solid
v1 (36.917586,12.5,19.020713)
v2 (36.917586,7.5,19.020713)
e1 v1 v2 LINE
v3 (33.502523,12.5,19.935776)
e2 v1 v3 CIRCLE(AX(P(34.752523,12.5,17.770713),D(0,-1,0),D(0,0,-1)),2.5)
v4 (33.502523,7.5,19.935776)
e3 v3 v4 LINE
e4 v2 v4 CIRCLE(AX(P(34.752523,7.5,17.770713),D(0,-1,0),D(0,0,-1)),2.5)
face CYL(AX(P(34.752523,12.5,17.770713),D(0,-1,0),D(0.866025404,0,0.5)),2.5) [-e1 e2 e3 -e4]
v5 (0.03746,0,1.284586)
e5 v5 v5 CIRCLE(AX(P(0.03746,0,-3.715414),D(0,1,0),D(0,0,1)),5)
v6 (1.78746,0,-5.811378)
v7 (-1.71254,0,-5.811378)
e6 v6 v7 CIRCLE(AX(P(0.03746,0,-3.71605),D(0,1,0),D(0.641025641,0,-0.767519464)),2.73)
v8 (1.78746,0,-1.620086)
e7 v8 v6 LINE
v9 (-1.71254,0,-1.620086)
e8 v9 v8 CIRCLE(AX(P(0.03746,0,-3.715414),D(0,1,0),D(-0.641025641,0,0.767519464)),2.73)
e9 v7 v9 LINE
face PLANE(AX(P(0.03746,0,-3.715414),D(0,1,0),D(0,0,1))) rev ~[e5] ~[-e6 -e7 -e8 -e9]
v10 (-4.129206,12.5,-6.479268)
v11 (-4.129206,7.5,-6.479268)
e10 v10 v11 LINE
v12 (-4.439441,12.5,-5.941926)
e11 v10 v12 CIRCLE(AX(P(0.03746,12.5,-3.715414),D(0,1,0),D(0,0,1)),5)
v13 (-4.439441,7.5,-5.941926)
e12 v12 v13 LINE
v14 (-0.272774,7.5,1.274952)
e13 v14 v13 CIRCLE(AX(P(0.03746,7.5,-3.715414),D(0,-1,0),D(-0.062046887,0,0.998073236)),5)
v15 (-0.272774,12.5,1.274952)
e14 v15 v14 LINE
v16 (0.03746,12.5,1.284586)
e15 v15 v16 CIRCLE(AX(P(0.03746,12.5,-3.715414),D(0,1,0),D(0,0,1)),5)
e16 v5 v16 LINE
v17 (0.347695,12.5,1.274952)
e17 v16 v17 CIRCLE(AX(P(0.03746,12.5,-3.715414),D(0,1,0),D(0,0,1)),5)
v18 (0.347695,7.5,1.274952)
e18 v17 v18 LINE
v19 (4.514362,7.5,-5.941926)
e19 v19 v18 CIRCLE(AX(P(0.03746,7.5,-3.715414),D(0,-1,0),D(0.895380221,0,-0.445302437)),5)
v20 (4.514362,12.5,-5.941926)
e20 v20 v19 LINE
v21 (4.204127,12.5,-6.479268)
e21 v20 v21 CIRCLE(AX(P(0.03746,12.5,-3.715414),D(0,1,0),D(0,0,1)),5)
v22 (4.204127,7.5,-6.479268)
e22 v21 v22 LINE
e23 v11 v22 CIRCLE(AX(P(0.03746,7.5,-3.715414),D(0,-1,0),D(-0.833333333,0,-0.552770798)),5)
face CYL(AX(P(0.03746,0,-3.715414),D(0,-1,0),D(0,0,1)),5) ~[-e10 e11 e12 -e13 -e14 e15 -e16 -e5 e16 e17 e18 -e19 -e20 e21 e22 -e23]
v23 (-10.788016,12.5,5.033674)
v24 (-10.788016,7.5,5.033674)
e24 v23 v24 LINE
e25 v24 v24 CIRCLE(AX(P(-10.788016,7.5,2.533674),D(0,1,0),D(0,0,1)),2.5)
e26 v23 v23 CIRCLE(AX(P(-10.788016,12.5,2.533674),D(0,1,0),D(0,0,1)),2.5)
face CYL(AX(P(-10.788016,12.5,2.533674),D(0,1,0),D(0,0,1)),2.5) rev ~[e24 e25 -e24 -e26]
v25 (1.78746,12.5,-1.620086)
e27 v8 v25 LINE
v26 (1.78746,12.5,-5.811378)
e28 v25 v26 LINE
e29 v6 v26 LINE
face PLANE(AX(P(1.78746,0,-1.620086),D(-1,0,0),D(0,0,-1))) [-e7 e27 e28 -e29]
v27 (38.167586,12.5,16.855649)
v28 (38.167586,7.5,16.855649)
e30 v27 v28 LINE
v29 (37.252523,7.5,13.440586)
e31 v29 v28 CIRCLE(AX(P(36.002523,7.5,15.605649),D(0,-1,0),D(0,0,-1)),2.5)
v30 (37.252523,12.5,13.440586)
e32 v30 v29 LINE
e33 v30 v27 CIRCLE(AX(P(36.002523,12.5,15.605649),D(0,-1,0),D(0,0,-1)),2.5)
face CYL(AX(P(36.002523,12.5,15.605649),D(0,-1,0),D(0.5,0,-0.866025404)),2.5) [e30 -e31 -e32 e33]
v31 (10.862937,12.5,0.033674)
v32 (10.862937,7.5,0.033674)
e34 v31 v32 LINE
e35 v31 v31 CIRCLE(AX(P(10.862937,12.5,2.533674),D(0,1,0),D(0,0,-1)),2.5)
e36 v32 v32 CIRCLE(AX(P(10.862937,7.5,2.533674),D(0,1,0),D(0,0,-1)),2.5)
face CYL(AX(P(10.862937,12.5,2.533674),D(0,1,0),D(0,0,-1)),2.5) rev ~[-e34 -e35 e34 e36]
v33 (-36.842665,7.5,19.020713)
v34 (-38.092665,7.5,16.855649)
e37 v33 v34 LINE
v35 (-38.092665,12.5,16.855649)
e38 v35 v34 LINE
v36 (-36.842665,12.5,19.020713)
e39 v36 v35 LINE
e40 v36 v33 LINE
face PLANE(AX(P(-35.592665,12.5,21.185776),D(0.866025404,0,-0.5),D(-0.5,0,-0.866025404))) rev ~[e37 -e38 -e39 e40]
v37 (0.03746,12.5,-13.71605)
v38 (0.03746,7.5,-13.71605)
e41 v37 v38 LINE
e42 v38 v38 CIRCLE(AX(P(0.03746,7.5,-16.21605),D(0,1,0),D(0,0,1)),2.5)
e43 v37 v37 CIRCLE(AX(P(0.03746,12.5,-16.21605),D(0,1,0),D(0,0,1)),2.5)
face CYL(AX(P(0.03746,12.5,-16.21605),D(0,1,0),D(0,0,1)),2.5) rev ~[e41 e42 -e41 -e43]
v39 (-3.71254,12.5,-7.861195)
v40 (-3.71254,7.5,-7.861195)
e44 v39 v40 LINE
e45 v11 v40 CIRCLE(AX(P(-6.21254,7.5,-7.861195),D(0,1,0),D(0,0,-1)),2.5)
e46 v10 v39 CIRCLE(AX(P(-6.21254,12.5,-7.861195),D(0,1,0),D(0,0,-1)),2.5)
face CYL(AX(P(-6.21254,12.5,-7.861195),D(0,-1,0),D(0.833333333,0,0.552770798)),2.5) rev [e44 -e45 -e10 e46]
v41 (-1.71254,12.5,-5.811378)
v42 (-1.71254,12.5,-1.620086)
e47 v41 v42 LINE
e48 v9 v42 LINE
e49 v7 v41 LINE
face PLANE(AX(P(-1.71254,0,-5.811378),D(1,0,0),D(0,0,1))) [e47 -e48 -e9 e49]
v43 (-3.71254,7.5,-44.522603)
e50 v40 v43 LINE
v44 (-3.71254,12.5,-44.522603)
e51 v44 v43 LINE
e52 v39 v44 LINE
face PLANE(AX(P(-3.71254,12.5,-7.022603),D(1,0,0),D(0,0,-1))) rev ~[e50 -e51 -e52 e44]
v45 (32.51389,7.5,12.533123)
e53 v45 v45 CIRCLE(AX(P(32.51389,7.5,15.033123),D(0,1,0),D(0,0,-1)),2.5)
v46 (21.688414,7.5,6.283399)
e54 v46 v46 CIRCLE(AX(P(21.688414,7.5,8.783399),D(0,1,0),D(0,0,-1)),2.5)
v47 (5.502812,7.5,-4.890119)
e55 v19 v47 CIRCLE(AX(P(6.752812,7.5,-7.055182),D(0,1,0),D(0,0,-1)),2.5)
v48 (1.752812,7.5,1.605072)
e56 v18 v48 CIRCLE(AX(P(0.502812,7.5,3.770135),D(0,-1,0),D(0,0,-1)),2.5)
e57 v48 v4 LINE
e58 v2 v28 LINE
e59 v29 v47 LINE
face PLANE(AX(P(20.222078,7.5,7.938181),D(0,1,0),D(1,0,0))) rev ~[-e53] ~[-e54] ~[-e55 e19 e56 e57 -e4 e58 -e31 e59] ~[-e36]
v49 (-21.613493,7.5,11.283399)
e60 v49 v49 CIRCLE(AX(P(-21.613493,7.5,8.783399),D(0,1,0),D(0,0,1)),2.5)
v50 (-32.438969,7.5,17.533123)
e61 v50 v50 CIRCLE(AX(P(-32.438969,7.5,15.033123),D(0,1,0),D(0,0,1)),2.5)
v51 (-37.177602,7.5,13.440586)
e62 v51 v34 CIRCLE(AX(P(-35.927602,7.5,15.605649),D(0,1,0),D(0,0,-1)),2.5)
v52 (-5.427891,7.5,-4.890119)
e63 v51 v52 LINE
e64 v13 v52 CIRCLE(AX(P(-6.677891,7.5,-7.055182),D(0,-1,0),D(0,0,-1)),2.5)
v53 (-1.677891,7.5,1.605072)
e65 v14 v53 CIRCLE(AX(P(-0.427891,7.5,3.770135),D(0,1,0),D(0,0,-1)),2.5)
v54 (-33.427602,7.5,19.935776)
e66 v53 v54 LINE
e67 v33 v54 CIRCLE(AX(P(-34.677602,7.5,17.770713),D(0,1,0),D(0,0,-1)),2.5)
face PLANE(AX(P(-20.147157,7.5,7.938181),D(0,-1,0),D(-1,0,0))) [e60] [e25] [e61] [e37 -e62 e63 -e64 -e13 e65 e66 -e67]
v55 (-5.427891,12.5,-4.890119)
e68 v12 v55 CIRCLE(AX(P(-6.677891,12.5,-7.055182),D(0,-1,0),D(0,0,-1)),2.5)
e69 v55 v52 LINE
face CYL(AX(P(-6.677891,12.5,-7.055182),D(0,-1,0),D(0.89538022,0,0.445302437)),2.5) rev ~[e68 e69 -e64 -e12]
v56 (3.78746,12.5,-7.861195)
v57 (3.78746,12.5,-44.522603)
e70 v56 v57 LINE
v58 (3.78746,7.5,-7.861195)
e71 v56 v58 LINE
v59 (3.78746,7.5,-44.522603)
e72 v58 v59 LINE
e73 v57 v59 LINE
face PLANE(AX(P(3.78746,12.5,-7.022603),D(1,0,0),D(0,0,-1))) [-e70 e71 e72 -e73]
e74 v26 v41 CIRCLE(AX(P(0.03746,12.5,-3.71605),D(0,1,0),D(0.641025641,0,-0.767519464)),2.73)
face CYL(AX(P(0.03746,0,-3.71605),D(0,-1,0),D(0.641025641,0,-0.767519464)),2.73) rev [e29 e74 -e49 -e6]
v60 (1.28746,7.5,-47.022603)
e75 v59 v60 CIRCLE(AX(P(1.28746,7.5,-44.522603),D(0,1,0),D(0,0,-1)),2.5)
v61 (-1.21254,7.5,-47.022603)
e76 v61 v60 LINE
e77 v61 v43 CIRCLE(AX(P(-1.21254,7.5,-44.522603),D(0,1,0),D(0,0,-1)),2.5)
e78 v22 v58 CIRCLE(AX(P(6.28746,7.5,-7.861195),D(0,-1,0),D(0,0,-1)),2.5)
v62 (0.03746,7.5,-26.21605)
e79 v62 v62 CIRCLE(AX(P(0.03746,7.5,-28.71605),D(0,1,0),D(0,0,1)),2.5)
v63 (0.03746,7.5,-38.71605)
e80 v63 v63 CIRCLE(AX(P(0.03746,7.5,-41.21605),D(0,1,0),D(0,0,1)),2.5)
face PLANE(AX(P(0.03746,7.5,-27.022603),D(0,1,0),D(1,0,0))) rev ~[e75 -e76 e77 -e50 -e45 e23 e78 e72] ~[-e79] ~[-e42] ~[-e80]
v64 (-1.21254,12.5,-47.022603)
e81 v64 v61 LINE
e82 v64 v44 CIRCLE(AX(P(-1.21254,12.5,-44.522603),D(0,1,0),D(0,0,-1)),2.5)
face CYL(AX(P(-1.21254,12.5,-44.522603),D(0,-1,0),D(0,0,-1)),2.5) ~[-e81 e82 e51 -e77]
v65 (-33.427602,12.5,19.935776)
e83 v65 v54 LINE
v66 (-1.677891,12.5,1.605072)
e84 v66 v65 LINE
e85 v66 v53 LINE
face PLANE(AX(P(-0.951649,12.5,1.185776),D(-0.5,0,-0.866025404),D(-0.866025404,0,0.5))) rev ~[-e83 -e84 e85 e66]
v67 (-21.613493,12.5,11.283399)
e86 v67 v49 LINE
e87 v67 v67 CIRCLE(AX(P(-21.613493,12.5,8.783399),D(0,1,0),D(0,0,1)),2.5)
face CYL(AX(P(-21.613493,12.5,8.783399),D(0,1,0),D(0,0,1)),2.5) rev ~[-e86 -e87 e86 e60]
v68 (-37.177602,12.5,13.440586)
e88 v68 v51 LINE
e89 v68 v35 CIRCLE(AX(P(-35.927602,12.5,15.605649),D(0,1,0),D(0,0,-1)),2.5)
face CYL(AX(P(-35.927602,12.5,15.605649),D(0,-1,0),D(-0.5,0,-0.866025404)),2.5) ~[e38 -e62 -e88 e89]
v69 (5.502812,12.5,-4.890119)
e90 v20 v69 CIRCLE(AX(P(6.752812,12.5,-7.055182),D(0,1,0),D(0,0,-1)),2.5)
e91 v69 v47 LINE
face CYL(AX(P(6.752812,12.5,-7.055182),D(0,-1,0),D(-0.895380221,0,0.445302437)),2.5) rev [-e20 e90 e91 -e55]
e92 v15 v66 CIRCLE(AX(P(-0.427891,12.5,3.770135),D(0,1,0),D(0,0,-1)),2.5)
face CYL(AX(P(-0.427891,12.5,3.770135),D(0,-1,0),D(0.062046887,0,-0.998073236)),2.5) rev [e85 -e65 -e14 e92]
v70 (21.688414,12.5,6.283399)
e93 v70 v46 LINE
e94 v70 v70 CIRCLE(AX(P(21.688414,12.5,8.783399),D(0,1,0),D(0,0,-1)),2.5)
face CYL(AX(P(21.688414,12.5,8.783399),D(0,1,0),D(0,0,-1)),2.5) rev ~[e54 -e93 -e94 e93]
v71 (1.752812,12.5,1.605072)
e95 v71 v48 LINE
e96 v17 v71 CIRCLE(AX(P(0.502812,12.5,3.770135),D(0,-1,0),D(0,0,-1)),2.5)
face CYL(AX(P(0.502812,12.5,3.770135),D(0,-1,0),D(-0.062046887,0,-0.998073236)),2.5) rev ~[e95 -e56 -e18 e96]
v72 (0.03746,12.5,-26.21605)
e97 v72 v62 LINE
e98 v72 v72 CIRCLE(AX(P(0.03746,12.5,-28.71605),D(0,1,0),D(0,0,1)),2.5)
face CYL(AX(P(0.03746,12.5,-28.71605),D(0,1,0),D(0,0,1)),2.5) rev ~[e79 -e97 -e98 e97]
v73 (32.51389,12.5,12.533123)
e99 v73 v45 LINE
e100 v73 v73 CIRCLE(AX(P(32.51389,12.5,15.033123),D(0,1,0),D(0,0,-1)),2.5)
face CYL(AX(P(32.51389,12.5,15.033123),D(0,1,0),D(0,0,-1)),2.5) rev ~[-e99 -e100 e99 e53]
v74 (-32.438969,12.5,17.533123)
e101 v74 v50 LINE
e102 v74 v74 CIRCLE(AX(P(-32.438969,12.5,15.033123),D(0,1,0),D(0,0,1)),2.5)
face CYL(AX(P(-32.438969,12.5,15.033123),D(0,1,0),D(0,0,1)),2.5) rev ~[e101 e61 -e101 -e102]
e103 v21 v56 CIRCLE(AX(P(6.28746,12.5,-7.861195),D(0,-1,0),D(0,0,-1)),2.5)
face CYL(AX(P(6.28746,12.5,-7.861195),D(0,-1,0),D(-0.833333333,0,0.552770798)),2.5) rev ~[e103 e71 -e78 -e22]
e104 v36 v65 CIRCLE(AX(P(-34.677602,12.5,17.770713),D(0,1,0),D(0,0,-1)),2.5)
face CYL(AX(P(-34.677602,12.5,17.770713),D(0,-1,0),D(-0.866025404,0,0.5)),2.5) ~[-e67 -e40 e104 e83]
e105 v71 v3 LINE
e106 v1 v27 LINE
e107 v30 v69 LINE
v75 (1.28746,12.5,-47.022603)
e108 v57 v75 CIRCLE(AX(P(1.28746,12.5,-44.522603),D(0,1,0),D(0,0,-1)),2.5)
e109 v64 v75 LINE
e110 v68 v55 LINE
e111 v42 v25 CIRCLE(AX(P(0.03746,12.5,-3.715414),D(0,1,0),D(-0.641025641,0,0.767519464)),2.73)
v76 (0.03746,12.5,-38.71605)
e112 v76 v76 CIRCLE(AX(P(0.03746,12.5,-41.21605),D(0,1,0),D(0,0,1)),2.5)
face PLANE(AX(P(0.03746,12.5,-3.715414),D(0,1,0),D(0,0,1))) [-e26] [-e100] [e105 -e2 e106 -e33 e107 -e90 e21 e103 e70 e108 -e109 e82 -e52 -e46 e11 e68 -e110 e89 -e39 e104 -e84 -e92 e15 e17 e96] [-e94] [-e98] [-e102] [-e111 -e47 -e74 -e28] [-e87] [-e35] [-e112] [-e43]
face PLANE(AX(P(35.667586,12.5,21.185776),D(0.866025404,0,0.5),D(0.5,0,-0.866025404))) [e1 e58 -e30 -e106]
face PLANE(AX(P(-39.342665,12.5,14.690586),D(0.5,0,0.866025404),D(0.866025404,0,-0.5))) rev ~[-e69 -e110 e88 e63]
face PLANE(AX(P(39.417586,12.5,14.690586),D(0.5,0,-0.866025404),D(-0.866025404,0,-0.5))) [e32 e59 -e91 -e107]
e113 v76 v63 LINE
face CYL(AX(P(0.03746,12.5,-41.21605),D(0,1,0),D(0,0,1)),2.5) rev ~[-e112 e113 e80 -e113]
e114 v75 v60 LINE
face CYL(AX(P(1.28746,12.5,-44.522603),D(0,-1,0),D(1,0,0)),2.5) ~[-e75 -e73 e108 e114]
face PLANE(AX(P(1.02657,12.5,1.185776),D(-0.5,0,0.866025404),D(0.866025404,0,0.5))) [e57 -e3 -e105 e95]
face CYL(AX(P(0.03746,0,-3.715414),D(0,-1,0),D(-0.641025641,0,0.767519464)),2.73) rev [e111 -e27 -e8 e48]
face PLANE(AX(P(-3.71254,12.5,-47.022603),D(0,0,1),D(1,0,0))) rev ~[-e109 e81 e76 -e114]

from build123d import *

# Parameters (mm, degrees)
SKETCH1_R           = 5
BOSS_EXTRUDE1_DEPTH = 12.5
SKETCH2_W           = 7.5
SKETCH2_H           = 40
BOSS_EXTRUDE4_DEPTH = 5
SKETCH4_R           = 2.5
CUT_EXTRUDE1_DEPTH  = 100
FILLET1_R           = 2.5
FILLET2_R           = 2.5


with BuildPart() as part:
    # Sketch1 → Boss-Extrude1 (new body)
    with BuildSketch(Plane(origin=(0, 0, 0), x_dir=(1, 0, 0), z_dir=(0, 1, 0))):
        with Locations(Location((0.037460471, 3.715413796, 0), (0, 0, 270))):
            Circle(SKETCH1_R)
        with BuildLine():
            ThreePointArc((-1.712539529, 1.62008566), (0.037460471, 0.985413796), (1.787460471, 1.62008566))
            Line((1.787460471, 1.62008566), (1.787460471, 5.811378349))
            ThreePointArc((1.787460471, 5.811378349), (0.037460471, 6.446050212), (-1.712539529, 5.811378349))
            Line((-1.712539529, 5.811378349), (-1.712539529, 1.62008566))
        make_face(mode=Mode.SUBTRACT)
    extrude(amount=BOSS_EXTRUDE1_DEPTH)

    # Sketch2 → Boss-Extrude4 (add)
    with BuildSketch(Plane(origin=(0, 12.5, 0), x_dir=(1, 0, 0), z_dir=(0, 1, 0))):
        Polygon((4.77657028, 5.309414491), (1.02657028, -1.185776038), (35.667586431, -21.185776038), (39.417586431, -14.690585509), align=None)
        with Locations((0.037460471, 27.022602935)):
            Rectangle(SKETCH2_W, SKETCH2_H)
        Polygon((-4.701649339, 5.309414491), (-0.951649339, -1.185776038), (-35.59266549, -21.185776038), (-39.34266549, -14.690585509), align=None)
    extrude(amount=-BOSS_EXTRUDE4_DEPTH)

    # Sketch4 → Cut-Extrude1 (cut)
    with BuildSketch(Plane(origin=(0, 12.5, 0), x_dir=(1, 0, 0), z_dir=(0, 1, 0))):
        with Locations(Location((0.037460471, 16.216050212, 0), (0, 0, 270))):
            Circle(SKETCH4_R)
        with Locations(Location((0.037460471, 28.716050212, 0), (0, 0, 270))):
            Circle(SKETCH4_R)
        with Locations(Location((0.037460471, 41.216050212, 0), (0, 0, 270))):
            Circle(SKETCH4_R)
        with Locations(Location((-10.788016154, -2.533674249, 0), (0, 0, 270))):
            Circle(SKETCH4_R)
        with Locations(Location((-21.613492779, -8.78339871, 0), (0, 0, 270))):
            Circle(SKETCH4_R)
        with Locations(Location((-32.438969404, -15.033123172, 0), (0, 0, 270))):
            Circle(SKETCH4_R)
        with Locations(Location((10.862937095, -2.533674249, 0), (0, 0, 90))):
            Circle(SKETCH4_R)
        with Locations(Location((21.68841372, -8.78339871, 0), (0, 0, 90))):
            Circle(SKETCH4_R)
        with Locations(Location((32.513890345, -15.033123172, 0), (0, 0, 90))):
            Circle(SKETCH4_R)
    extrude(amount=-CUT_EXTRUDE1_DEPTH, mode=Mode.SUBTRACT)

    # Fillet1
    fillet1_edges = [part.edges().sort_by_distance(p)[0] for p in [
        (4.77657028, 10, -5.309414491),
        (1.02657028, 10, 1.185776038),
        (-3.712539529, 10, -7.022602935),
        (3.787460471, 10, -7.022602935),
        (-4.701649339, 10, -5.309414491),
        (-0.951649339, 10, 1.185776038),
    ]]
    fillet(fillet1_edges, radius=FILLET1_R)

    # Fillet2
    fillet2_edges = [part.edges().sort_by_distance(p)[0] for p in [
        (39.417586431, 10, 14.690585509),
        (35.667586431, 10, 21.185776038),
        (-3.712539529, 10, -47.022602935),
        (3.787460471, 10, -47.022602935),
        (-39.34266549, 10, 14.690585509),
        (-35.59266549, 10, 21.185776038),
    ]]
    fillet(fillet2_edges, radius=FILLET2_R)


solid = part.part
